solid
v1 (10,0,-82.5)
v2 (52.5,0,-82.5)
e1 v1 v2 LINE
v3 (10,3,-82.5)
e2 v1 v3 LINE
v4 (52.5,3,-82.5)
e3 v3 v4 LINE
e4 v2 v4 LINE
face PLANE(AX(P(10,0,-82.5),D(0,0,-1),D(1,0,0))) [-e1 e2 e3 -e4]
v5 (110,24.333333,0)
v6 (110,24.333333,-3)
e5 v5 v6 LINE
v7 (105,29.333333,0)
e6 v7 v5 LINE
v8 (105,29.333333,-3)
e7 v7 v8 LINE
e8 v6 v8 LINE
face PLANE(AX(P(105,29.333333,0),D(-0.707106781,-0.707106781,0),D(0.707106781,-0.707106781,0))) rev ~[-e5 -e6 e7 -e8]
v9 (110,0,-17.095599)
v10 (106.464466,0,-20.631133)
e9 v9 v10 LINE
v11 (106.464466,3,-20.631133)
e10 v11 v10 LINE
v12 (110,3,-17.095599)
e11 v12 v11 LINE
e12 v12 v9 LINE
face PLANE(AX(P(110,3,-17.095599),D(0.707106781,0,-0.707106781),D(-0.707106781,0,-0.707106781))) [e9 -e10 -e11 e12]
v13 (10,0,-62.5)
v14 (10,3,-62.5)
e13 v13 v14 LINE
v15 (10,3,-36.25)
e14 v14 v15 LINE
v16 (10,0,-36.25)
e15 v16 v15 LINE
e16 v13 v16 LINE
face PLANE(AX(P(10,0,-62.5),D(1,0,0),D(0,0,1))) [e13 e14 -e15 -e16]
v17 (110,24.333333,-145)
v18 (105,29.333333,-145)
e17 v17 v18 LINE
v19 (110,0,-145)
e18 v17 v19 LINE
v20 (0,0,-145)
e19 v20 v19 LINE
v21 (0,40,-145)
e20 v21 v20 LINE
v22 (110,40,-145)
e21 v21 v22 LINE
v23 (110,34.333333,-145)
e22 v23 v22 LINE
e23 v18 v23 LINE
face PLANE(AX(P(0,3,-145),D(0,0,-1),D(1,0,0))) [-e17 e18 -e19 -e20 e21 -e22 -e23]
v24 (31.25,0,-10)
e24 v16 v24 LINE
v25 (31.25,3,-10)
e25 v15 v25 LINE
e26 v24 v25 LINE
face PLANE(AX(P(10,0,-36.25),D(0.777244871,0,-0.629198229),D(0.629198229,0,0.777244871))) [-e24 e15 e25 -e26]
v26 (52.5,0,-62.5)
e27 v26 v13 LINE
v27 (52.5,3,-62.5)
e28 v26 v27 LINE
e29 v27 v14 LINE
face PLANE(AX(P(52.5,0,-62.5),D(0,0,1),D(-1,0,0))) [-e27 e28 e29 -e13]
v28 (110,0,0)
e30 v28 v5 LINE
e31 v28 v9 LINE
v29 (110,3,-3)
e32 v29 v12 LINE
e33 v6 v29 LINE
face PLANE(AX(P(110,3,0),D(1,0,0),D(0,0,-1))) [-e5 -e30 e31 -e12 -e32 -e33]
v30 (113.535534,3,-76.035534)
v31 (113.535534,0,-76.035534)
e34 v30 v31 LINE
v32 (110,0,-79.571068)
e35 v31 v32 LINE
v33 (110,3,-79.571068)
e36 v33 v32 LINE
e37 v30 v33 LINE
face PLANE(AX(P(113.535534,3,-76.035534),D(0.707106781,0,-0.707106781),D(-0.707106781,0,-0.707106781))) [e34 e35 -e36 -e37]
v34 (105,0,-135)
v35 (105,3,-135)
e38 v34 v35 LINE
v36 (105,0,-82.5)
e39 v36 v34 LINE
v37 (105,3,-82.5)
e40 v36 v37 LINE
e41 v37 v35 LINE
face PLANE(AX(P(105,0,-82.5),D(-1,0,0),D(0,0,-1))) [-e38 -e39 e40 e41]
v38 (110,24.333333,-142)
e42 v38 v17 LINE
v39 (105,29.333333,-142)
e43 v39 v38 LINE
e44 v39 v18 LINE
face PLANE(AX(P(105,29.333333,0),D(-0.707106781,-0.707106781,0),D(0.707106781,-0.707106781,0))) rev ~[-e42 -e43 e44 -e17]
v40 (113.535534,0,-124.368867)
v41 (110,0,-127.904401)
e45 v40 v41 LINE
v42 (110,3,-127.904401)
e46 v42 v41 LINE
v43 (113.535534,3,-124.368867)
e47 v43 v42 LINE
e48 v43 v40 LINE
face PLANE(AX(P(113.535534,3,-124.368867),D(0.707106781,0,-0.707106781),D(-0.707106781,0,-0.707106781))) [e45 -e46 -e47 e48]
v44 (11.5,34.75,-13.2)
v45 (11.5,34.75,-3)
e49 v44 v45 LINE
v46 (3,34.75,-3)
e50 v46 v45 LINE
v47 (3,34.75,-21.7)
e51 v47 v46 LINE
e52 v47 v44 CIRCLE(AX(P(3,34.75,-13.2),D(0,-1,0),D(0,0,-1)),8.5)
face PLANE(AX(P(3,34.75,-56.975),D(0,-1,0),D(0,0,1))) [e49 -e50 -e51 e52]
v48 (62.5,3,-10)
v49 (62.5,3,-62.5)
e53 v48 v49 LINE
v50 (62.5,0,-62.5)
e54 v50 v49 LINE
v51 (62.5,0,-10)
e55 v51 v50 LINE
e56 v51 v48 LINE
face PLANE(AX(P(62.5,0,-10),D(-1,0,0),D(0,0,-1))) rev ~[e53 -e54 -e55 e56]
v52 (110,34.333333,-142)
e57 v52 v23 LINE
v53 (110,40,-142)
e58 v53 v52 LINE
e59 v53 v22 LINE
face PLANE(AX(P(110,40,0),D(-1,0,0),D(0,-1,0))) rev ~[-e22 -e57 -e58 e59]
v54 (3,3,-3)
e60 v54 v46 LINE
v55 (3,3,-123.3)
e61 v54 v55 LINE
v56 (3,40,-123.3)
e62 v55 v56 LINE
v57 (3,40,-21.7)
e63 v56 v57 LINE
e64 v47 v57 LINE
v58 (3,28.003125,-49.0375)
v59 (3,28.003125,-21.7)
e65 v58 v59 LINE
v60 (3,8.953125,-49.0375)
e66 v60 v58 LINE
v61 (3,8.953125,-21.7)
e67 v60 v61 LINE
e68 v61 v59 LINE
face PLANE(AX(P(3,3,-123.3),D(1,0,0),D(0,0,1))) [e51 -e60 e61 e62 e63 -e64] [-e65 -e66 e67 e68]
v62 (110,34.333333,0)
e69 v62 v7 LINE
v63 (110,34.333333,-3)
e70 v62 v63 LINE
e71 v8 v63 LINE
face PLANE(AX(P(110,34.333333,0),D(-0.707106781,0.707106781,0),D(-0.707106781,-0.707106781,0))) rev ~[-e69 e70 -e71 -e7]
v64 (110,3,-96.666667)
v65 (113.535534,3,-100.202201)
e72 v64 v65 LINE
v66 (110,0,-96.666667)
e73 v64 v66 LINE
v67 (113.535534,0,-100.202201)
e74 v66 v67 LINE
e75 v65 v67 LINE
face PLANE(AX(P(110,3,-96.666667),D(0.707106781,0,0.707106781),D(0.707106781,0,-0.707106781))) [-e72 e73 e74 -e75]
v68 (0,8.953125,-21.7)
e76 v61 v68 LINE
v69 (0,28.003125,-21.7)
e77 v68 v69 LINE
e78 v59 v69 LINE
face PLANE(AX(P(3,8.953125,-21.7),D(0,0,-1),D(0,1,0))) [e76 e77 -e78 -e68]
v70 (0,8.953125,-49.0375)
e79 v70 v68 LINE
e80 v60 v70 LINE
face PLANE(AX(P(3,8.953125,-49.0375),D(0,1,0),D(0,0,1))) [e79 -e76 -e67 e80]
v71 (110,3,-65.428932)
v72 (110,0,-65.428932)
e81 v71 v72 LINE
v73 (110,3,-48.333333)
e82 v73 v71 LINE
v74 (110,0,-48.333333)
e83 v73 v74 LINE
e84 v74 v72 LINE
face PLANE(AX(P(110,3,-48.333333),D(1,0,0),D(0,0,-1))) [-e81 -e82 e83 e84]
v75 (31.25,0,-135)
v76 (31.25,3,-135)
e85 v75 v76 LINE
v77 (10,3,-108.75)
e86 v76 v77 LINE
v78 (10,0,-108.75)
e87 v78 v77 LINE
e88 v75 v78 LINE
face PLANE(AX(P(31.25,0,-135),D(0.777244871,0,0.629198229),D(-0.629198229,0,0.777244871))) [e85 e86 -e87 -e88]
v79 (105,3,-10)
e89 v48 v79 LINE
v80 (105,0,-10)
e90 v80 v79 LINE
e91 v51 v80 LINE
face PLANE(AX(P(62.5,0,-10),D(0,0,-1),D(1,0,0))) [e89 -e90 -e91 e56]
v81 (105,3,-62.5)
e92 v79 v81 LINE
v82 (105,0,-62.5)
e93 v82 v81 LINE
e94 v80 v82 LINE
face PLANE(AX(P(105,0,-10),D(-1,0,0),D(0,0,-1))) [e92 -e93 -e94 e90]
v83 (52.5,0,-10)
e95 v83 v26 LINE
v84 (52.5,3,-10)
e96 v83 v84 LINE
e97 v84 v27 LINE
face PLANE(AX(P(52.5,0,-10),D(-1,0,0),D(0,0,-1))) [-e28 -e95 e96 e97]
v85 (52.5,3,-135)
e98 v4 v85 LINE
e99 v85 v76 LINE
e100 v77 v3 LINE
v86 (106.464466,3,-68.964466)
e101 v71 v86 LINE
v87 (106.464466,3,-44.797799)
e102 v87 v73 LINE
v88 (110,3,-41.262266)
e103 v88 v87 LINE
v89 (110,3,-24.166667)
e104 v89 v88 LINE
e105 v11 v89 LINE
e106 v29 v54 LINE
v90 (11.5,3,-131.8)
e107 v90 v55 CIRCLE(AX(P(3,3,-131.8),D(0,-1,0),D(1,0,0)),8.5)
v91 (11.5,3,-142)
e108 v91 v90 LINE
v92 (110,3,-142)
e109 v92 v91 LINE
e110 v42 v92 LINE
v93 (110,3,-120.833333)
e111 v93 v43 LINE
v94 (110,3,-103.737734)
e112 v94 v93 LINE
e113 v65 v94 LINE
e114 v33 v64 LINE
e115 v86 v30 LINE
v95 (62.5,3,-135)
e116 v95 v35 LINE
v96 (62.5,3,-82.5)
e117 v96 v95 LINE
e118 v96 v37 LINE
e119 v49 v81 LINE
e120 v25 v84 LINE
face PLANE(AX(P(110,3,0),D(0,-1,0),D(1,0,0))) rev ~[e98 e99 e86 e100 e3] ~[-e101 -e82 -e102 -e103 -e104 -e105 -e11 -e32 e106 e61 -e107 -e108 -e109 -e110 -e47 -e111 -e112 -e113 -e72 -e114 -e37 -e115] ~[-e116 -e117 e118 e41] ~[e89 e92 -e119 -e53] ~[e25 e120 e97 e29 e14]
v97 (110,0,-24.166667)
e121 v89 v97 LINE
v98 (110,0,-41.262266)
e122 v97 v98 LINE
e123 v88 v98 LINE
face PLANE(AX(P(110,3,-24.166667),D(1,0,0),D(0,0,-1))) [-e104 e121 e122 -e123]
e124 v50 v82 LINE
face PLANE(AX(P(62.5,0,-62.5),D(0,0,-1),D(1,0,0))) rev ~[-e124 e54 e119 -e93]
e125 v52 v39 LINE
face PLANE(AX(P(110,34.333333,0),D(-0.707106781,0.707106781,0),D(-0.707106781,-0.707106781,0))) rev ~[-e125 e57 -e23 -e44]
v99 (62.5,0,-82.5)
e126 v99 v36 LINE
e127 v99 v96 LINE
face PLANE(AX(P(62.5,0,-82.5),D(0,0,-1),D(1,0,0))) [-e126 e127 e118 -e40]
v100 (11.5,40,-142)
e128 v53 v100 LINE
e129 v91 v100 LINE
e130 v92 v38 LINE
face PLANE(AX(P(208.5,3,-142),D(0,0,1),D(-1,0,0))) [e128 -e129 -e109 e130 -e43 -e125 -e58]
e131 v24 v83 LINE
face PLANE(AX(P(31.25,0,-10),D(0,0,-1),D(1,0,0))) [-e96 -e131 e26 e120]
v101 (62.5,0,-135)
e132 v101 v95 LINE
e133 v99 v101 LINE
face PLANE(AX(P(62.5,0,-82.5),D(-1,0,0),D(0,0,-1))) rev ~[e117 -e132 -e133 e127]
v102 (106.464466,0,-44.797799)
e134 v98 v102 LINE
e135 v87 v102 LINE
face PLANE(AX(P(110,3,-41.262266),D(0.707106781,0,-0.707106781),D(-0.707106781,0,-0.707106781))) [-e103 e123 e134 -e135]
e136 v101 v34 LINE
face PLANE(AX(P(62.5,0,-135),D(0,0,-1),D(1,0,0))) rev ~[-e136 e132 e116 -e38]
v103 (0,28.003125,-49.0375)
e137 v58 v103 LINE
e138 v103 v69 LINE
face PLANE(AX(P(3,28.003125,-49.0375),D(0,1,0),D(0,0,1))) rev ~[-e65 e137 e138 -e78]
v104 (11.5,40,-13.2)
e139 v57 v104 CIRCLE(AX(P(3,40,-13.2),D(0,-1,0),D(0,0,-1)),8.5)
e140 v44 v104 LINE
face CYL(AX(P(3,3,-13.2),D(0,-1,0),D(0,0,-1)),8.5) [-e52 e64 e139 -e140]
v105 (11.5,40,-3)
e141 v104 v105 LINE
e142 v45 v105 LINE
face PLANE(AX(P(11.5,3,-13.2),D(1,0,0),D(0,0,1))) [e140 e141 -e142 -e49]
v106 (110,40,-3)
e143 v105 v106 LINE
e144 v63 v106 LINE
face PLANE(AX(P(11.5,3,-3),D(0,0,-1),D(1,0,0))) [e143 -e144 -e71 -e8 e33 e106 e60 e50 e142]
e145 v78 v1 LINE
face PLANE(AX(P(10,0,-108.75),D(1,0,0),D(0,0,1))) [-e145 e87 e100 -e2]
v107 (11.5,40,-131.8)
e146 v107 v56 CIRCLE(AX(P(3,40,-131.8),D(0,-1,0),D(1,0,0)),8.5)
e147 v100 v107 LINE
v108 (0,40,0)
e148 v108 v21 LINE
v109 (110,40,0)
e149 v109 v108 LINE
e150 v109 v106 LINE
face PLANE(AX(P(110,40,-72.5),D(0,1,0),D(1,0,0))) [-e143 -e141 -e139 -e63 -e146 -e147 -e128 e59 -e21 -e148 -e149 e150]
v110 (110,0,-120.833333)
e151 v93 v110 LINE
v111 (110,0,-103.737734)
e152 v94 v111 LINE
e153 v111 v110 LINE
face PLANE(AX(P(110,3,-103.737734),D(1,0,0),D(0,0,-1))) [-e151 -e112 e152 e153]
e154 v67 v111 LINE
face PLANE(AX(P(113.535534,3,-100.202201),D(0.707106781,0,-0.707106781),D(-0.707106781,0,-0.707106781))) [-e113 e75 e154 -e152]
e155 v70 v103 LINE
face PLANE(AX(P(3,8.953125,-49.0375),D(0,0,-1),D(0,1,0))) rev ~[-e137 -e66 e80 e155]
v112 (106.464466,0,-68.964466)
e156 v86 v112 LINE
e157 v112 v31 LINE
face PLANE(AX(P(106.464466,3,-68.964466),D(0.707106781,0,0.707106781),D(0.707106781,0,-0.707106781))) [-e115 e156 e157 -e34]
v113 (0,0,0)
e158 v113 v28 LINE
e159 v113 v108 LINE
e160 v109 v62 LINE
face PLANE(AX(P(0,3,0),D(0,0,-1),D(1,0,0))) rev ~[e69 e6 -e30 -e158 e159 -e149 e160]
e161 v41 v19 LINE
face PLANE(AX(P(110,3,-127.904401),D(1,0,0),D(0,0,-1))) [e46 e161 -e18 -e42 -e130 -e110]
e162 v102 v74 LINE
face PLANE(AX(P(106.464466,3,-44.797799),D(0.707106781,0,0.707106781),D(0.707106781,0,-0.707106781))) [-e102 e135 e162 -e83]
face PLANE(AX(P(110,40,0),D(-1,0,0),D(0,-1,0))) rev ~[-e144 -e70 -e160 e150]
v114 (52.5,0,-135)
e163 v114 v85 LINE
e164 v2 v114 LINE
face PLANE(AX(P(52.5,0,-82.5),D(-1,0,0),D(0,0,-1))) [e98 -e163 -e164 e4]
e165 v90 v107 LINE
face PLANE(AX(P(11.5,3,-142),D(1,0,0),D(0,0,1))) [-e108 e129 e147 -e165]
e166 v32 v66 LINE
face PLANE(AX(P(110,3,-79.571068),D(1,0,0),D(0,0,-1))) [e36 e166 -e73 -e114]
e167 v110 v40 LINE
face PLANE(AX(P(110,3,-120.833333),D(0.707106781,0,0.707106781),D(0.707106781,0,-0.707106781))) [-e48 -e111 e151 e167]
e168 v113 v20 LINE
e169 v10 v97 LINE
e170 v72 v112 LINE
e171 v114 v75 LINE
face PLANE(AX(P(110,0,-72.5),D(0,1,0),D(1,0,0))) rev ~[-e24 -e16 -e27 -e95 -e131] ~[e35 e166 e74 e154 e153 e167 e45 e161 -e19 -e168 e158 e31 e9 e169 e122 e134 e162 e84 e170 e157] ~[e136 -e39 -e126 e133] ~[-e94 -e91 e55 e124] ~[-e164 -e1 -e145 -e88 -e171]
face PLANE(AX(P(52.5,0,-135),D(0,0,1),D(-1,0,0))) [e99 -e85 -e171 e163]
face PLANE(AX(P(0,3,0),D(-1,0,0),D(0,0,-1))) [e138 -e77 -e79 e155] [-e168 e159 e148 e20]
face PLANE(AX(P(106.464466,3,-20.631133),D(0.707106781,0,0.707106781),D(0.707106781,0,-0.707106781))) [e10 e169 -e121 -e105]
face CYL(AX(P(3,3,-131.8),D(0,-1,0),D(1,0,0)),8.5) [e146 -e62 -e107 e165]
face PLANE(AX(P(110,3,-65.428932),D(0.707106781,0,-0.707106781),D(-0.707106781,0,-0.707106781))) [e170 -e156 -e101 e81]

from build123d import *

# Parameters (mm, degrees)
SKETCH1_W               = 220
SKETCH1_H               = 145
SKETCH1_W_2             = 42.5
SKETCH1_H_2             = 52.5
BOSS_EXTRUDE1_DEPTH     = 3
SKETCH2_W               = 220
SKETCH2_H               = 145
BOSS_EXTRUDE2_DEPTH     = 37
SKETCH3_W               = 27.3375
SKETCH3_H               = 19.05
CUT_EXTRUDE1_DEPTH      = 3
SKETCH3_6_W             = 53.975
SKETCH3_6_H             = 31.75
CUT_EXTRUDE2_DEPTH      = 8.5
CUT_EXTRUDE3_DEPTH      = 267.505159425
CUT_EXTRUDE3_DEPTH_BACK = 267.505159425
CUT_EXTRUDE4_DEPTH      = 267.071418984
CUT_EXTRUDE4_DEPTH_BACK = 267.071418984


with BuildPart() as part:
    # Sketch1 → Boss-Extrude1 (new body)
    with BuildSketch(Plane(origin=(0, 0, 0), x_dir=(1, 0, 0), z_dir=(0, 1, 0))):
        with Locations((110, 72.5)):
            Rectangle(SKETCH1_W, SKETCH1_H)
        Polygon((10, 82.5), (52.5, 82.5), (52.5, 135), (31.25, 135), (10, 108.75), align=None, mode=Mode.SUBTRACT)
        with Locations((83.75, 108.75)):
            Rectangle(SKETCH1_W_2, SKETCH1_H_2, mode=Mode.SUBTRACT)
        with Locations((83.75, 36.25)):
            Rectangle(SKETCH1_W_2, SKETCH1_H_2, mode=Mode.SUBTRACT)
        Polygon((10, 36.25), (31.25, 10), (52.5, 10), (52.5, 62.5), (10, 62.5), align=None, mode=Mode.SUBTRACT)
        Polygon((210, 62.5), (210, 36.25), (188.75, 10), (167.5, 10), (167.5, 62.5), align=None, mode=Mode.SUBTRACT)
        with Locations((136.25, 36.25)):
            Rectangle(SKETCH1_W_2, SKETCH1_H_2, mode=Mode.SUBTRACT)
        with Locations((136.25, 108.75)):
            Rectangle(SKETCH1_W_2, SKETCH1_H_2, mode=Mode.SUBTRACT)
        Polygon((210, 108.75), (188.75, 135), (167.5, 135), (167.5, 82.5), (210, 82.5), align=None, mode=Mode.SUBTRACT)
    extrude(amount=BOSS_EXTRUDE1_DEPTH)

    # Sketch2 → Boss-Extrude2 (add)
    with BuildSketch(Plane(origin=(0, 3, 0), x_dir=(1, 0, 0), z_dir=(0, 1, 0))):
        with Locations((110, 72.5)):
            Rectangle(SKETCH2_W, SKETCH2_H)
        with BuildLine():
            Line((3, 123.3), (3, 21.7))
            ThreePointArc((3, 21.7), (9.01040764, 19.21040764), (11.5, 13.2))
            Line((11.5, 13.2), (11.5, 3))
            Line((11.5, 3), (208.5, 3))
            Line((208.5, 3), (208.5, 13.2))
            ThreePointArc((208.5, 13.2), (210.98959236, 19.21040764), (217, 21.7))
            Line((217, 21.7), (217, 123.3))
            ThreePointArc((217, 123.3), (210.98959236, 125.78959236), (208.5, 131.8))
            Line((208.5, 131.8), (208.5, 142))
            Line((208.5, 142), (11.5, 142))
            Line((11.5, 142), (11.5, 131.8))
            ThreePointArc((11.5, 131.8), (9.01040764, 125.78959236), (3, 123.3))
        make_face(mode=Mode.SUBTRACT)
    extrude(amount=BOSS_EXTRUDE2_DEPTH)

    # Sketch3 → Cut-Extrude1 (cut)
    with BuildSketch(Plane.ZY.offset(-3)):
        with Locations((-35.36875, 18.478125)):
            Rectangle(SKETCH3_W, SKETCH3_H)
    extrude(amount=CUT_EXTRUDE1_DEPTH, mode=Mode.SUBTRACT)

    # Sketch3<6> → Cut-Extrude2 (cut)
    with BuildSketch(Plane.ZY.offset(-3)):
        with Locations((-29.9875, 18.875)):
            Rectangle(SKETCH3_6_W, SKETCH3_6_H)
    extrude(amount=-CUT_EXTRUDE2_DEPTH, mode=Mode.SUBTRACT)

    # Sketch7 → Cut-Extrude3 (cut, two sides)
    with BuildSketch(Plane.XY) as cut_extrude3_sk:
        Polygon((110, 40), (110, 34.333333333), (105, 29.333333333), (110, 24.333333333), (110, 18.666666667), (115, 13.666666667), (110, 8.666666667), (110, 3), (220, 3), (220, 40), align=None)
    extrude(amount=CUT_EXTRUDE3_DEPTH, mode=Mode.SUBTRACT)
    extrude(cut_extrude3_sk.sketch, amount=-CUT_EXTRUDE3_DEPTH_BACK, mode=Mode.SUBTRACT)

    # Sketch8 → Cut-Extrude4 (cut, two sides)
    with BuildSketch(Plane(origin=(0, 3, 0), x_dir=(1, 0, 0), z_dir=(0, 1, 0))) as cut_extrude4_sk:
        Polygon((110, 145), (220, 145), (220, 0), (110, 0), (110, 17.095598855), (106.464466094, 20.631132761), (110, 24.166666667), (110, 41.262265521), (106.464466094, 44.797799427), (110, 48.333333333), (110, 65.428932188), (106.464466094, 68.964466094), (113.535533906, 76.035533906), (110, 79.571067812), (110, 96.666666667), (113.535533906, 100.202200573), (110, 103.737734479), (110, 120.833333333), (113.535533906, 124.368867239), (110, 127.904401145), align=None)
    extrude(amount=CUT_EXTRUDE4_DEPTH, mode=Mode.SUBTRACT)
    extrude(cut_extrude4_sk.sketch, amount=-CUT_EXTRUDE4_DEPTH_BACK, mode=Mode.SUBTRACT)


solid = part.part
